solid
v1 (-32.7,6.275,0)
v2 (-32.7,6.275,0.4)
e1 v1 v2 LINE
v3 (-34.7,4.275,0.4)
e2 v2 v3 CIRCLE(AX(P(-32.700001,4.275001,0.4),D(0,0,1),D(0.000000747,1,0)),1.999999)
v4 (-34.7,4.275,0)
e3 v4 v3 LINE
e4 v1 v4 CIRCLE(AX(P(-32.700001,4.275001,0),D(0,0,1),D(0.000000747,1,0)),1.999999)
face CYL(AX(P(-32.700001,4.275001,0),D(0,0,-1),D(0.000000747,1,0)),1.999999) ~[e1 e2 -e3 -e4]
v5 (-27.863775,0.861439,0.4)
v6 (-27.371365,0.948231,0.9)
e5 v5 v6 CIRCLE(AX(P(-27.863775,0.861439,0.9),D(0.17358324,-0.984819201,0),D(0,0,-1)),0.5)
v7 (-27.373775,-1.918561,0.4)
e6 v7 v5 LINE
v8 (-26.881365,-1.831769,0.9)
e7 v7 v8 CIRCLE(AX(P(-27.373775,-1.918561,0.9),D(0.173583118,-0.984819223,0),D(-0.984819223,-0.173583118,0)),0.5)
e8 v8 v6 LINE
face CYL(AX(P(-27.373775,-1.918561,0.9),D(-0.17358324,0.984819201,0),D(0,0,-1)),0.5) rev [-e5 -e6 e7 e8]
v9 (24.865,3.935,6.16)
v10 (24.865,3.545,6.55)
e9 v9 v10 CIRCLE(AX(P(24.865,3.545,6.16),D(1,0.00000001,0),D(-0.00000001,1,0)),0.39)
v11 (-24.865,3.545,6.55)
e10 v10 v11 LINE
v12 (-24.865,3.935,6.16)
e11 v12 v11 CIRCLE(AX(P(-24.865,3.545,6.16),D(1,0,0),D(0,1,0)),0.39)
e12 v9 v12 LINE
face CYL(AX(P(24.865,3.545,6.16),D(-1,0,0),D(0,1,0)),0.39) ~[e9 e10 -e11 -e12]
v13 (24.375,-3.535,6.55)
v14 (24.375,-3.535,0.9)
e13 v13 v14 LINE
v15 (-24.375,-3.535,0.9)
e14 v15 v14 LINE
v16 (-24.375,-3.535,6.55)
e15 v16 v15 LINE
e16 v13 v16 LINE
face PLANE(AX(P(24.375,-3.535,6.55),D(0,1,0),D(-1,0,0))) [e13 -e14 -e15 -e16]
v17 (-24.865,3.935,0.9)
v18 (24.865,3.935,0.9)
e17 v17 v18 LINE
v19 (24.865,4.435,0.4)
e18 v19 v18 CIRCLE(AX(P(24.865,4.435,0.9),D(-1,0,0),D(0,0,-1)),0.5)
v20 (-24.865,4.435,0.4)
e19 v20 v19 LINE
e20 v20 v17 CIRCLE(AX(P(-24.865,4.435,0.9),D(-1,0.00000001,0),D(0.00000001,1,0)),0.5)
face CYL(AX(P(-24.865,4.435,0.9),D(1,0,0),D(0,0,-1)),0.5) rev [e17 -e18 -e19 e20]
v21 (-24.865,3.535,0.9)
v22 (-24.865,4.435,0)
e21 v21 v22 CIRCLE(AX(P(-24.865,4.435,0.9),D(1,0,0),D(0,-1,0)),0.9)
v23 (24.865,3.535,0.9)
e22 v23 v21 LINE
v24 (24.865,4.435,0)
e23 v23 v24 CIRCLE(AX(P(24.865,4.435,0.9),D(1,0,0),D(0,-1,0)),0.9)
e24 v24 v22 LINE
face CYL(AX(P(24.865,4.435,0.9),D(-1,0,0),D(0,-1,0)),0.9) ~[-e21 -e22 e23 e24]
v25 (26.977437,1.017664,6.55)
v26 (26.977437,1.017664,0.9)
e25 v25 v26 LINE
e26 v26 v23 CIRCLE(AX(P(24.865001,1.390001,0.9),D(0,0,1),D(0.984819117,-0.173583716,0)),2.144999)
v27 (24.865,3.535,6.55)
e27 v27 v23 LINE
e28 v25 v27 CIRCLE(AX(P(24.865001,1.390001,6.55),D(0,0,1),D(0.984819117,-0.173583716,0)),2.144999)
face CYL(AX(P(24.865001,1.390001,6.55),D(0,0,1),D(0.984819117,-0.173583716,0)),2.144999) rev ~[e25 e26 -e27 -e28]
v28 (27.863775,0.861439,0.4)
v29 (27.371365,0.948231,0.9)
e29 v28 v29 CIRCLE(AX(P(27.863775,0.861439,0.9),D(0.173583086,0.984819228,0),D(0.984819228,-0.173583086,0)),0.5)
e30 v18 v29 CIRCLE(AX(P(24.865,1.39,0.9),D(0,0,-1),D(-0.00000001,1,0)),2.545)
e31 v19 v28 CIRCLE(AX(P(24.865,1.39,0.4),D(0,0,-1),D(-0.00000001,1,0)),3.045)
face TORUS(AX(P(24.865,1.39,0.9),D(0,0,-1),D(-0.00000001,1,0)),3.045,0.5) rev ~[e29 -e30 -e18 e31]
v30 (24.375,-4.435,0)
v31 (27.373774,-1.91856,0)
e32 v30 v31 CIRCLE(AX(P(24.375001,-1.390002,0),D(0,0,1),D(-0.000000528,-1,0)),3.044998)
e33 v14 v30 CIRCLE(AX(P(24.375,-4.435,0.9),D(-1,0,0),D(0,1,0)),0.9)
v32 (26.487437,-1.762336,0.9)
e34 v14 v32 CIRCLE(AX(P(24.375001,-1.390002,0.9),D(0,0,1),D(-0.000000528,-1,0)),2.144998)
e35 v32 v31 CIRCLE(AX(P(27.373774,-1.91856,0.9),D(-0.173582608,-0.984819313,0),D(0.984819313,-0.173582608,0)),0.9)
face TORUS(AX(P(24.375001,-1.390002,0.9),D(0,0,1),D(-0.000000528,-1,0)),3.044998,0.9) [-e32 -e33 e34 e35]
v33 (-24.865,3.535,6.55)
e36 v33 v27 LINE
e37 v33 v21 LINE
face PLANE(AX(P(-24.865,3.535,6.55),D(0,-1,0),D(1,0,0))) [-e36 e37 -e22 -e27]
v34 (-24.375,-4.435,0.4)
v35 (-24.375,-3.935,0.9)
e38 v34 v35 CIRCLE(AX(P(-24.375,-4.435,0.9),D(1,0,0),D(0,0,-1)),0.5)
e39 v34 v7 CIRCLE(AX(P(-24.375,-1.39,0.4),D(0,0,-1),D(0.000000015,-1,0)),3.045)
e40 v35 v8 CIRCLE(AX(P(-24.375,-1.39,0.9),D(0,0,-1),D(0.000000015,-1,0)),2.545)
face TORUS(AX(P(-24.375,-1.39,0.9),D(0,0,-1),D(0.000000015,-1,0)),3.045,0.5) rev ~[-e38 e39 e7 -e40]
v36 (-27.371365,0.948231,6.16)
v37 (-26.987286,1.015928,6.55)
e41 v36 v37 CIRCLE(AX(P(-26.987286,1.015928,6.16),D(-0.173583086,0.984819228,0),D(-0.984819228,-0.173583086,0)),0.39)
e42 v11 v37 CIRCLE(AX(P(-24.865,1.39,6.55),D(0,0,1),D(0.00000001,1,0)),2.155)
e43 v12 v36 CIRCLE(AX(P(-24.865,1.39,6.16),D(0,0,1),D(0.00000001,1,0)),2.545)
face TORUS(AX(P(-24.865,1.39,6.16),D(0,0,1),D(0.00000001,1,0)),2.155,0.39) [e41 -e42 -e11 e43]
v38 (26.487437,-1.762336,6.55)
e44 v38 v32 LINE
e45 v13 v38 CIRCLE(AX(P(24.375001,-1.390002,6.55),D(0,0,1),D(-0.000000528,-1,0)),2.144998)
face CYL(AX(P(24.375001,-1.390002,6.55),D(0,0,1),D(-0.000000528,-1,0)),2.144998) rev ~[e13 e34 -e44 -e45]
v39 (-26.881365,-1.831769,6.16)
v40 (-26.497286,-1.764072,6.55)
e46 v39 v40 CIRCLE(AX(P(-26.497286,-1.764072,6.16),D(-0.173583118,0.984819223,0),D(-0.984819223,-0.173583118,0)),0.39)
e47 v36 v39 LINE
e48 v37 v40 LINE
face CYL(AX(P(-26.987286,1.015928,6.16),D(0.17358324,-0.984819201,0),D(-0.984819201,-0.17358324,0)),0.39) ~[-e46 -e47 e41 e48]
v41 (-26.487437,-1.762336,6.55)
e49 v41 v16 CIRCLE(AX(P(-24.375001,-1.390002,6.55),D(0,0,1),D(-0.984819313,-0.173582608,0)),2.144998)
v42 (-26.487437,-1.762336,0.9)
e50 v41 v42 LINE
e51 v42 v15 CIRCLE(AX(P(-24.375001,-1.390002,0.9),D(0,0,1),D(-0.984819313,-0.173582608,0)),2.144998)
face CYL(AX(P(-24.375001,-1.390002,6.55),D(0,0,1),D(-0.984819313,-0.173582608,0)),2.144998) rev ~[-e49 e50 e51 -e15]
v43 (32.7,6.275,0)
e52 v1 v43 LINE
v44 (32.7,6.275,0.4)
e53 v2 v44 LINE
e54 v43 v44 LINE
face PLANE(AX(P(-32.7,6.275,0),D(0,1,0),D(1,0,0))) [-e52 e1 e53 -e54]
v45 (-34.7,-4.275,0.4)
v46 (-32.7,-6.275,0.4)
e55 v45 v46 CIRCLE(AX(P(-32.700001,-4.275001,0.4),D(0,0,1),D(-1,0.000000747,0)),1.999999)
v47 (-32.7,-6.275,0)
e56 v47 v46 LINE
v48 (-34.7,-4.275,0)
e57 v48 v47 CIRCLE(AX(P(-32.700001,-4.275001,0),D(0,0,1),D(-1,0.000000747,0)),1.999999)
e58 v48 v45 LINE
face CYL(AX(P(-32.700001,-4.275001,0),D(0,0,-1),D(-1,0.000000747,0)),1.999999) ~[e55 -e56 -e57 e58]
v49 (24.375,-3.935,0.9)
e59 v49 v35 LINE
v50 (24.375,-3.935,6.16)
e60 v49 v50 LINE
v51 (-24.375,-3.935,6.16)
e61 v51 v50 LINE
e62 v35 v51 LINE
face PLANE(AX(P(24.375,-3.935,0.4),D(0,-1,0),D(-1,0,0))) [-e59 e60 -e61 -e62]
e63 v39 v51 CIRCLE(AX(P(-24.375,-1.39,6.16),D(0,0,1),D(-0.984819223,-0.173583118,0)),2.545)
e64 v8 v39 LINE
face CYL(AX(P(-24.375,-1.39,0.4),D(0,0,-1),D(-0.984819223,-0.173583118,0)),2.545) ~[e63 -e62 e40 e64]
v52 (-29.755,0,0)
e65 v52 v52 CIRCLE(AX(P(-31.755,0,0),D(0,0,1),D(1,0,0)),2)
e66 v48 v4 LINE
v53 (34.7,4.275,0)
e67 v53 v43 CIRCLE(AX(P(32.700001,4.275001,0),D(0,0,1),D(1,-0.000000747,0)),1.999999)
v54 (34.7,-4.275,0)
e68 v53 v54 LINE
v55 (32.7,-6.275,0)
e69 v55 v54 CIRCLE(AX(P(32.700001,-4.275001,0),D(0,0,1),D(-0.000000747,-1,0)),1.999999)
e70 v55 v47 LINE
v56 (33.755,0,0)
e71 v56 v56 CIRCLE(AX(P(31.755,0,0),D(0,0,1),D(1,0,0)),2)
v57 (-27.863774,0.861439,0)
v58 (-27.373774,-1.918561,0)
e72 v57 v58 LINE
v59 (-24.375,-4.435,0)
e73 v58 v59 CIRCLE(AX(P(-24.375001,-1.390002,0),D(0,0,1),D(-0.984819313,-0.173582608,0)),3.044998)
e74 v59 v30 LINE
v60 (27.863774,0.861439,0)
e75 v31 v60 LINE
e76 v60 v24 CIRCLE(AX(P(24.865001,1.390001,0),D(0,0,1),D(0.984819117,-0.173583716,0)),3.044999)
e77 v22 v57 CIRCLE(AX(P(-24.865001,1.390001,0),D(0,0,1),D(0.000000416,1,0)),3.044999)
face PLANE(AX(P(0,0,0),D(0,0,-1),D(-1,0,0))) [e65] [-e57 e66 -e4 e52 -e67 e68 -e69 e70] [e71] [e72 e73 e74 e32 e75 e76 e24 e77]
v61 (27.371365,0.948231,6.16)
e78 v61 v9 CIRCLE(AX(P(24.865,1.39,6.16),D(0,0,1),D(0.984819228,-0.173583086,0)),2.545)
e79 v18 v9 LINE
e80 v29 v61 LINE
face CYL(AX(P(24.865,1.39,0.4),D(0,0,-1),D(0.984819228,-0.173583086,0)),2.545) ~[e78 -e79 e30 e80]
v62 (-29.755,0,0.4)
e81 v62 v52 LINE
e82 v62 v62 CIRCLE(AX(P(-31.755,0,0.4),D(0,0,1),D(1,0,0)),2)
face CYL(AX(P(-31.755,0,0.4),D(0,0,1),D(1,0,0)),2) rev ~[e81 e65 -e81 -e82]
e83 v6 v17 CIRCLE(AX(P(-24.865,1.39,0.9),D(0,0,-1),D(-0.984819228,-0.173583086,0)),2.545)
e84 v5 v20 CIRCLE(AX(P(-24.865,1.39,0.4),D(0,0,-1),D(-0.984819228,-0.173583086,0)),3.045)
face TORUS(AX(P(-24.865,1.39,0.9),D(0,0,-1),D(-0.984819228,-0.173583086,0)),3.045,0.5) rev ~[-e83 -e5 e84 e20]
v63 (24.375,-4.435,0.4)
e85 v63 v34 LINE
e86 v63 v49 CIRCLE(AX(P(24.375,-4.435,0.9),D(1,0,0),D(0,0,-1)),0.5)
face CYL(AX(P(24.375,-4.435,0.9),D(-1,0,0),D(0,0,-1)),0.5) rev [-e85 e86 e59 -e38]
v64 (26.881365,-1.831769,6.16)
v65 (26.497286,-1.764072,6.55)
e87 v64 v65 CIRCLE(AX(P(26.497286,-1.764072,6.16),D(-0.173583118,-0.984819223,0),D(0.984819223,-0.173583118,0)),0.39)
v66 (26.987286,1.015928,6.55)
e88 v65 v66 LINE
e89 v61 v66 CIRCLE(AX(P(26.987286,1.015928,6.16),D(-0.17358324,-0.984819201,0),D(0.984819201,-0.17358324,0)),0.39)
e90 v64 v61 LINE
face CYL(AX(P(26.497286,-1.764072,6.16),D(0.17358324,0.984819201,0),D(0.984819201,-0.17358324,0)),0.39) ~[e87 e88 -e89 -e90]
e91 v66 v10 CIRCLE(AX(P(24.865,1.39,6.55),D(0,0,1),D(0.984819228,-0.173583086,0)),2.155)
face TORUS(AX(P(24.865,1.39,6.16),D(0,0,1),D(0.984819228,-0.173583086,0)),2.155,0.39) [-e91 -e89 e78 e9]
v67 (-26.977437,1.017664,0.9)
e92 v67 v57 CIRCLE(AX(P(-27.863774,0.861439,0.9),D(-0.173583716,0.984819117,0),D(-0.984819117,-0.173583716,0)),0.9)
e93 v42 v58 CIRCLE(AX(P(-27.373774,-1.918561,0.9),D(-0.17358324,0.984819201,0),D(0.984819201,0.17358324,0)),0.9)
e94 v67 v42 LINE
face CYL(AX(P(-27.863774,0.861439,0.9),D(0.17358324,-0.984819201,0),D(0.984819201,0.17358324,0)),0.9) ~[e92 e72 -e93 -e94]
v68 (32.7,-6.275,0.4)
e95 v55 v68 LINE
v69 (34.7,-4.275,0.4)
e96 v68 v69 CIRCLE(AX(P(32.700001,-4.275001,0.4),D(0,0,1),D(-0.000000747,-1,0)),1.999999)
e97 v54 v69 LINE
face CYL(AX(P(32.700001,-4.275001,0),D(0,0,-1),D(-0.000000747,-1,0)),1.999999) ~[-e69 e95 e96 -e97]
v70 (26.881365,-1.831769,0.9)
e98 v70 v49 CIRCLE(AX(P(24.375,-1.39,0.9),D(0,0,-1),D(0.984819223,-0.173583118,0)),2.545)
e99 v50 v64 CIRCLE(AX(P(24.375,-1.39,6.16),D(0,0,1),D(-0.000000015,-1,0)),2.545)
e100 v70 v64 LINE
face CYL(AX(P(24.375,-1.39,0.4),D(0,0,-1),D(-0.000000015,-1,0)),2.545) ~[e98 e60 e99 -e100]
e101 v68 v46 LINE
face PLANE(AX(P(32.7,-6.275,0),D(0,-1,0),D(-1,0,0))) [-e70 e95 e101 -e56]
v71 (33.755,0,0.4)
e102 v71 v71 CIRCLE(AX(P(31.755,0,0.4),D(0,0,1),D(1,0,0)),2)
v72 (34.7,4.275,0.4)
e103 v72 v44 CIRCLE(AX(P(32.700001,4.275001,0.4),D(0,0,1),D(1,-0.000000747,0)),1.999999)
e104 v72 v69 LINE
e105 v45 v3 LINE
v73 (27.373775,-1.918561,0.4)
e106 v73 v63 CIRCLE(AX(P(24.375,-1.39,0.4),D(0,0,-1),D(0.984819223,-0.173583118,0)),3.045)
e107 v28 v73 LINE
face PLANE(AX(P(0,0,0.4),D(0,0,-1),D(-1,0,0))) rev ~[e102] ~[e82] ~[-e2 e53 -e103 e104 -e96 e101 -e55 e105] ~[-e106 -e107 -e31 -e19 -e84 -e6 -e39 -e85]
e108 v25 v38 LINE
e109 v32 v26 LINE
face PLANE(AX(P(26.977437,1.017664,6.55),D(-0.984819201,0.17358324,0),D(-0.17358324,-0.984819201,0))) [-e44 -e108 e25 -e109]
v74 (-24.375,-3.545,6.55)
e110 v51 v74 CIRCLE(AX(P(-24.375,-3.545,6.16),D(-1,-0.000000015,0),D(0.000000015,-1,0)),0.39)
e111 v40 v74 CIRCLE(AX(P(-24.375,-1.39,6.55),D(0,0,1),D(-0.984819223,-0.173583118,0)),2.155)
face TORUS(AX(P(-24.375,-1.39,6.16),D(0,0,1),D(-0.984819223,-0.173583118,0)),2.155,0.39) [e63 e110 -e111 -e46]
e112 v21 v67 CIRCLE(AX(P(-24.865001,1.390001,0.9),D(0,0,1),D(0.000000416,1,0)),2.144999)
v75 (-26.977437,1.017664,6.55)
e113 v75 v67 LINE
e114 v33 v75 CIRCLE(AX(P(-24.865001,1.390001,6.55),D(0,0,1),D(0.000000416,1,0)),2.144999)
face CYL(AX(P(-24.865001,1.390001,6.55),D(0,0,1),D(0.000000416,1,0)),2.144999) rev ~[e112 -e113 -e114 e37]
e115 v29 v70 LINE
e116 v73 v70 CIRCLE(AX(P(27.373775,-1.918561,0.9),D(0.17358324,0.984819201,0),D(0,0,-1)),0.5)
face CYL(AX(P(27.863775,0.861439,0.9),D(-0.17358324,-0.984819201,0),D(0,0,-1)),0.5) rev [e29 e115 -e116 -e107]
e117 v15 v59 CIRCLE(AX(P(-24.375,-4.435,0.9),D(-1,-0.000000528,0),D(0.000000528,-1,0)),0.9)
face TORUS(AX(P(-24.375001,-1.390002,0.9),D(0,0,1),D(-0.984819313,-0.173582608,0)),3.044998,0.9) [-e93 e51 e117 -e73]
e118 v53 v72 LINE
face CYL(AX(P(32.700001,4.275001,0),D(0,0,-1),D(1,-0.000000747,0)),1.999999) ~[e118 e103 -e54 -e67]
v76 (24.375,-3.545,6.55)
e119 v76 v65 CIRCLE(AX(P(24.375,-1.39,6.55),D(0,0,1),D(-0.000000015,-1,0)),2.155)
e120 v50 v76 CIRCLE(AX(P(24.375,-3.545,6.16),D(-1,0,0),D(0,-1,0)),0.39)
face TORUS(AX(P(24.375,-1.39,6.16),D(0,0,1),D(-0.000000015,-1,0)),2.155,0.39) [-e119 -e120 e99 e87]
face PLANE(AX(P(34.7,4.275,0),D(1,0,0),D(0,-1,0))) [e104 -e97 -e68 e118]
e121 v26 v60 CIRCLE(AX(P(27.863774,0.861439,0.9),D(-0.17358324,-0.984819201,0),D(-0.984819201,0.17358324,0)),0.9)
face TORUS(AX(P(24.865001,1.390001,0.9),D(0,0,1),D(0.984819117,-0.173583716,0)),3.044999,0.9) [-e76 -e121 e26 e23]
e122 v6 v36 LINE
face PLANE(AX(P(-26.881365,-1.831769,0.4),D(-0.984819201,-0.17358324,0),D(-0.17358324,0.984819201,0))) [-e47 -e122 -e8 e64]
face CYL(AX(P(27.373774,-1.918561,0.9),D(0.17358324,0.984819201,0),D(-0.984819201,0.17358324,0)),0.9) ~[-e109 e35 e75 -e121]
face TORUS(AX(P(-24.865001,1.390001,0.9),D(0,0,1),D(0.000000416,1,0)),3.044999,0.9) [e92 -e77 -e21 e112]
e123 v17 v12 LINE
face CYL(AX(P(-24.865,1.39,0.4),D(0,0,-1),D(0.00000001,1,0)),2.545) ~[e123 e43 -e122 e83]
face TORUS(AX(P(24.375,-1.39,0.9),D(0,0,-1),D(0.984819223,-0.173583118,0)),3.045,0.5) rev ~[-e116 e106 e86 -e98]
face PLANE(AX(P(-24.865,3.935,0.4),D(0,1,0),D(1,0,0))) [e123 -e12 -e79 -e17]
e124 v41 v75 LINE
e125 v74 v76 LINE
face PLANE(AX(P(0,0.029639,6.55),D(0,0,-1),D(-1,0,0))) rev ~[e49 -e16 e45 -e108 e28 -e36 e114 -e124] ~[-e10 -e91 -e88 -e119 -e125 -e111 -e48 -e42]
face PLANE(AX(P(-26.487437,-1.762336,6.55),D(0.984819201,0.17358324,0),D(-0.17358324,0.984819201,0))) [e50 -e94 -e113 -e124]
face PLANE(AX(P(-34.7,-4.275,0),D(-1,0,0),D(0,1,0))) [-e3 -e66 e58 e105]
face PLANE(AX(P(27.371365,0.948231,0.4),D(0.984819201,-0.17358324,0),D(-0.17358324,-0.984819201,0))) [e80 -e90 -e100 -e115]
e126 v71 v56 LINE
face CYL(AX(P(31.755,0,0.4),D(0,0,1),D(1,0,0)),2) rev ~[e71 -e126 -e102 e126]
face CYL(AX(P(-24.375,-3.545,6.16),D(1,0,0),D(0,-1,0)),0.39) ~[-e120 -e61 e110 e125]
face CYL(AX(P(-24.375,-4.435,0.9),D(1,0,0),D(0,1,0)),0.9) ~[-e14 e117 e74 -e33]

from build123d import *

# Parameters (mm, degrees)
PAD_DEPTH       = 0.4
SKETCH001_R     = 2
POCKET_DEPTH    = 5
PAD001_DEPTH    = 6.15
POCKET001_DEPTH = 6.551
FILLET_R        = 0.5
FILLET001_R     = 0.39
FILLET002_R     = 0.9


with BuildPart() as part:
    # Sketch → Pad (new body)
    with BuildSketch(Plane.XY):
        with BuildLine():
            Line((-32.7, 6.275), (32.7, 6.275))
            ThreePointArc((34.7, 4.275), (34.114214, 5.689214), (32.7, 6.275))
            Line((34.7, 4.275), (34.7, -4.275))
            ThreePointArc((32.7, -6.275), (34.114214, -5.689214), (34.7, -4.275))
            Line((32.7, -6.275), (-32.7, -6.275))
            ThreePointArc((-34.7, -4.275), (-34.114214, -5.689214), (-32.7, -6.275))
            Line((-34.7, -4.275), (-34.7, 4.275))
            ThreePointArc((-32.7, 6.275), (-34.114214, 5.689214), (-34.7, 4.275))
        make_face()
    extrude(amount=PAD_DEPTH)

    # Sketch001 (on Face10 of Pad) → Pocket (cut)
    with BuildSketch(Plane.XY.offset(0.4)):
        with Locations((-31.755, 0)):
            Circle(SKETCH001_R)
        with Locations((31.755, 0)):
            Circle(SKETCH001_R)
    extrude(amount=-POCKET_DEPTH, mode=Mode.SUBTRACT)

    # Sketch002 (on Face5 of Pocket) → Pad001 (join)
    with BuildSketch(Plane.XY.offset(0.4)):
        with BuildLine():
            Line((-24.865, 3.935), (24.865, 3.935))
            ThreePointArc((27.371365, 0.948231), (26.814529, 3.025959), (24.865, 3.935))
            Line((27.371365, 0.948231), (26.881365, -1.831769))
            ThreePointArc((24.375, -3.935), (26.010959, -3.339529), (26.881365, -1.831769))
            Line((24.375, -3.935), (-24.375, -3.935))
            ThreePointArc((-26.881365, -1.831769), (-26.010959, -3.339529), (-24.375, -3.935))
            Line((-26.881365, -1.831769), (-27.371365, 0.948231))
            ThreePointArc((-24.865, 3.935), (-26.814529, 3.025959), (-27.371365, 0.948231))
        make_face()
    extrude(amount=PAD001_DEPTH)

    # Sketch003 (on Face21 of Pad001) → Pocket001 (cut, through all)
    with BuildSketch(Plane.XY.offset(6.55)):
        with BuildLine():
            Line((-24.865, 3.535), (24.865, 3.535))
            ThreePointArc((26.977437, 1.017664), (26.50812, 2.768834), (24.865, 3.535))
            Line((26.977437, 1.017664), (26.487437, -1.762336))
            ThreePointArc((24.375, -3.535), (25.753834, -3.03312), (26.487437, -1.762336))
            Line((24.375, -3.535), (-24.375, -3.535))
            ThreePointArc((-26.487437, -1.762336), (-25.753834, -3.03312), (-24.375, -3.535))
            Line((-26.487437, -1.762336), (-26.977437, 1.017664))
            ThreePointArc((-24.865, 3.535), (-26.50812, 2.768834), (-26.977437, 1.017664))
        make_face()
    extrude(amount=-POCKET001_DEPTH, mode=Mode.SUBTRACT)

    # Fillet
    fillet_edges = [part.edges().sort_by_distance(p)[0] for p in [
        (0, -3.935, 0.4),
    ]]
    fillet(fillet_edges, radius=FILLET_R)

    # Fillet001
    fillet001_edges = [part.edges().sort_by_distance(p)[0] for p in [
        (-26.010959, -3.339529, 6.55),
    ]]
    fillet(fillet001_edges, radius=FILLET001_R)

    # Fillet002
    fillet002_edges = [part.edges().sort_by_distance(p)[0] for p in [
        (0, 3.535, 0),
    ]]
    fillet(fillet002_edges, radius=FILLET002_R)


solid = part.part
